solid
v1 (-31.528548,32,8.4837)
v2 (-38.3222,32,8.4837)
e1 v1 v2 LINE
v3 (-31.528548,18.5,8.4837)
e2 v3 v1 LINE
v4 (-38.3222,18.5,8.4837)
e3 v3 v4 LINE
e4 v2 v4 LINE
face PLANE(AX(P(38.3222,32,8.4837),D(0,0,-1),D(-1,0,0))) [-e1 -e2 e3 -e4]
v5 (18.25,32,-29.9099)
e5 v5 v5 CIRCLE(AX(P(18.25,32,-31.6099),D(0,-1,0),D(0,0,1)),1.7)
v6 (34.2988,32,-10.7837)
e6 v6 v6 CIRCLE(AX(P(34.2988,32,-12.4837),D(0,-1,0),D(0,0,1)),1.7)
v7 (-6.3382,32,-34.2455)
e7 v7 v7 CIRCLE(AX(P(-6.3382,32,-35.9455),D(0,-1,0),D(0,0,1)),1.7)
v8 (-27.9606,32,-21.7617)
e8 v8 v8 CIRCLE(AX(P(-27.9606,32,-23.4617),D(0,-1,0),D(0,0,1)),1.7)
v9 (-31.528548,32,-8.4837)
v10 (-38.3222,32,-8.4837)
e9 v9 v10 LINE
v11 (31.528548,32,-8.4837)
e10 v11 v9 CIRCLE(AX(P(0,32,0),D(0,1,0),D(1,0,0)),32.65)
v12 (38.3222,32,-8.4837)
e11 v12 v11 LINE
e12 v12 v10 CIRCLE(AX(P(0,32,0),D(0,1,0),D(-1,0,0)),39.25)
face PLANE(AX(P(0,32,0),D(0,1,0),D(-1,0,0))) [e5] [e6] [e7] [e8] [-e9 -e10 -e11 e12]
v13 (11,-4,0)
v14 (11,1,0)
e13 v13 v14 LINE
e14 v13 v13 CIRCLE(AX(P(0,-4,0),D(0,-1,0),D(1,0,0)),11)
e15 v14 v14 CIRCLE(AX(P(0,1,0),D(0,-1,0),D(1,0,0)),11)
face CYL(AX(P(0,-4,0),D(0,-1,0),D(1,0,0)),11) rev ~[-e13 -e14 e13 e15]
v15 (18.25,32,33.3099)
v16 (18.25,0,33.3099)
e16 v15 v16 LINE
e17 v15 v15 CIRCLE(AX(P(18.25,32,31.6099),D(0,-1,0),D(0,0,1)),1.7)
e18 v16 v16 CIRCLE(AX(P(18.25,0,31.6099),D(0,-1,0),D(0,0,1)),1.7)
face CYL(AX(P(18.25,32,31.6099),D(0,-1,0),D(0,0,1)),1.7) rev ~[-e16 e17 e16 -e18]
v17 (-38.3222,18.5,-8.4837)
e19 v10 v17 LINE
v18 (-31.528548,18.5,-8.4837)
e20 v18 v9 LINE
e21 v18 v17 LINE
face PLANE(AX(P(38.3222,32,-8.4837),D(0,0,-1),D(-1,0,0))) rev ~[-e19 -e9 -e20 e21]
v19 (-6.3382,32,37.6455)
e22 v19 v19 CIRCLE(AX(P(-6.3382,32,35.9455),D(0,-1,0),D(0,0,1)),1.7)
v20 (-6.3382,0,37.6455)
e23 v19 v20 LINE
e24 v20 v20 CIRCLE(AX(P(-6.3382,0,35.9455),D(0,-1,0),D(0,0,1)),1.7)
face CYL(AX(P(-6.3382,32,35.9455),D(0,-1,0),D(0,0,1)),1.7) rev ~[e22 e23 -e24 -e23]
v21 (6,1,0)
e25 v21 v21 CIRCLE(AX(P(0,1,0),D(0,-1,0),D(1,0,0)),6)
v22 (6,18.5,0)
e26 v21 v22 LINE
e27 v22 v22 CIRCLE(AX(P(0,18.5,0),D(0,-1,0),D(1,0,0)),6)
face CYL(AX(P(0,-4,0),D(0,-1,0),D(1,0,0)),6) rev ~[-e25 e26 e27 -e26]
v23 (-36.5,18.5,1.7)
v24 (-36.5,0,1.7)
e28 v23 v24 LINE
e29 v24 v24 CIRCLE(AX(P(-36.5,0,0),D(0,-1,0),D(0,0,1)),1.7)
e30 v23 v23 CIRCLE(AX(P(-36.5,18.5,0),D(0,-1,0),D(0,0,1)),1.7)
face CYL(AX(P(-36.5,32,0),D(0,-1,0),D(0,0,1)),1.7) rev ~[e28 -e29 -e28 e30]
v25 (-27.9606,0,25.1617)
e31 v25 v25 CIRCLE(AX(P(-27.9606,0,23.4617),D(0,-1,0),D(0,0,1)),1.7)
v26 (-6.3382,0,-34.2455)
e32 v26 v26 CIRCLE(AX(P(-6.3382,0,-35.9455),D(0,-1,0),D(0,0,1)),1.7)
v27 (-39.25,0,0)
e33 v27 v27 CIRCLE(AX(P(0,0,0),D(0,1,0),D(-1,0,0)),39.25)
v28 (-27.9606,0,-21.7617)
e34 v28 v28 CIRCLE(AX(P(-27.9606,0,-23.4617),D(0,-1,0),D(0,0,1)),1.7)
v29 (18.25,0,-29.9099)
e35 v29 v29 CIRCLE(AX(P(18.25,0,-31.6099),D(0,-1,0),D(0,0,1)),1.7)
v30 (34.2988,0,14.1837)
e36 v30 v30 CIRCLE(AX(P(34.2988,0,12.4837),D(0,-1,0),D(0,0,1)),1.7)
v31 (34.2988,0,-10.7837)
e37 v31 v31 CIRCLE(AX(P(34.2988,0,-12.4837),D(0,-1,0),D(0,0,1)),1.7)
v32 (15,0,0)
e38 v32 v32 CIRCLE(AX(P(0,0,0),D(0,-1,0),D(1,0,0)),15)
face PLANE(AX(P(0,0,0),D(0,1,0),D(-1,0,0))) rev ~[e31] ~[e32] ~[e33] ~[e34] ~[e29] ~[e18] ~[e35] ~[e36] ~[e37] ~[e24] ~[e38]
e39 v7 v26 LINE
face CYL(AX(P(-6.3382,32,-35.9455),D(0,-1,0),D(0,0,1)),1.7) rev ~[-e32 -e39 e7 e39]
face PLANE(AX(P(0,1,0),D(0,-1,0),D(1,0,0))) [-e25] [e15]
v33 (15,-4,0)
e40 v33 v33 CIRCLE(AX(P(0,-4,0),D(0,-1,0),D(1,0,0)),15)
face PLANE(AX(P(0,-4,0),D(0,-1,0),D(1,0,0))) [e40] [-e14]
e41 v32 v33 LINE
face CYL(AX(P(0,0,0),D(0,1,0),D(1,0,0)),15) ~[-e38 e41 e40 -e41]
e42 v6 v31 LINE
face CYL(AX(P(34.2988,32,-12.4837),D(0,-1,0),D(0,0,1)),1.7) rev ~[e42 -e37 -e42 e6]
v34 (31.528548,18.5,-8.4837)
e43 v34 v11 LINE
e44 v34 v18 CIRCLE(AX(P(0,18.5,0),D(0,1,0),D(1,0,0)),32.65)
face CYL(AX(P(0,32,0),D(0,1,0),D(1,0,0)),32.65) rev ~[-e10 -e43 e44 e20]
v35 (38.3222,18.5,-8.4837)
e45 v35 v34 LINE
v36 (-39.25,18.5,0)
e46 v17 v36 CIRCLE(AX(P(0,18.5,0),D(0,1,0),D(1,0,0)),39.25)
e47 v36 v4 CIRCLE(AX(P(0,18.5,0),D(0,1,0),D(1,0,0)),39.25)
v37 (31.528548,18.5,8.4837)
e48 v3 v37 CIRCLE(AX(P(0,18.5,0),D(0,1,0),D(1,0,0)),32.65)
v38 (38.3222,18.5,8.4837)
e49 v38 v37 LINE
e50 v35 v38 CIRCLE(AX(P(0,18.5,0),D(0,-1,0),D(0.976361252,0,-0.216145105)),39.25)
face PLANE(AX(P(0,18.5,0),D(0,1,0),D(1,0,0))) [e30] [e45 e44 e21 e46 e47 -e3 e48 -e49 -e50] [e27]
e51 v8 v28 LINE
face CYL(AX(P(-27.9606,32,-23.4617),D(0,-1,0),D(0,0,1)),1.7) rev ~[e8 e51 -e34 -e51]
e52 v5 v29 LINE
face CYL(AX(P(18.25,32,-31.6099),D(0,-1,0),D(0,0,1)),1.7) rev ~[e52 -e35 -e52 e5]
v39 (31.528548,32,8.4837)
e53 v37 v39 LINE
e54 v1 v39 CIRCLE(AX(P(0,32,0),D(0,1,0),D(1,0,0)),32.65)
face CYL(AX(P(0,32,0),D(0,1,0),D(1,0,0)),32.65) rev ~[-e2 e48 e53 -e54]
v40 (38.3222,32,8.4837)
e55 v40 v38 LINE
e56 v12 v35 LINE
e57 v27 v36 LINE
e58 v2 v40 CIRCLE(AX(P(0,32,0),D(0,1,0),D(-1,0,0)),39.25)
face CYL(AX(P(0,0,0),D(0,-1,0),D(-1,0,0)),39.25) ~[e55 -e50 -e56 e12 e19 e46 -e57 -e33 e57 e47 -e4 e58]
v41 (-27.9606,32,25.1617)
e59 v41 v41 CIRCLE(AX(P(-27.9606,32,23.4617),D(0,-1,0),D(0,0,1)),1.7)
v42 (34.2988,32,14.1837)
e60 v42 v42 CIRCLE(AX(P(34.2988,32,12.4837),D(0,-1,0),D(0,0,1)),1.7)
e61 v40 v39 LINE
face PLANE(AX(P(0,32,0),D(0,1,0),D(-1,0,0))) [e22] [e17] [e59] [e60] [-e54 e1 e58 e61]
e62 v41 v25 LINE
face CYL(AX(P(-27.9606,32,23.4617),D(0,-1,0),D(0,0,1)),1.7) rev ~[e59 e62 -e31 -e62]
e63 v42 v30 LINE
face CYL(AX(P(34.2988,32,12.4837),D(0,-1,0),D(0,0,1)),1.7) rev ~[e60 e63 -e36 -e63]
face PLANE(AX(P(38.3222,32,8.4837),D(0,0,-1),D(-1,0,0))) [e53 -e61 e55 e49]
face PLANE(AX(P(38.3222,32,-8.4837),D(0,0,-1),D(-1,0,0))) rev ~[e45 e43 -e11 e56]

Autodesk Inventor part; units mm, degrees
ref_plane "YZ Plane" through (0, 0, 0) normal (1, 0, 0) x (0, 1, 0)
ref_plane "XZ Plane" through (0, 0, 0) normal (0, 1, 0) x (-1, 0, 0)
ref_plane "XY Plane" through (0, 0, 0) normal (0, 0, 1) x (1, 0, 0)
sketch "スケッチ1" plane through (0, 0, 0) normal (0, 1, 0) x (-1, 0, 0)
  circle A0 centre (0, 0) radius 39.25
  dimension "d0" = 78.5
extrude "押し出し1" add sketch "スケッチ1" along normal blind 32
sketch "スケッチ2" plane through (0, 32, 0) normal (0, 1, 0) x (1, 0, 0)
  circle A0 centre (0, 0) radius 32.65
  dimension "d3" = 65.3
extrude "押し出し2" cut sketch "スケッチ2" against normal blind 13.5
sketch "スケッチ3" plane through (0, 32, 0) normal (0, 1, 0) x (1, 0, 0)
  circle A0 centre (0, 0) radius 36.5
  point P0 (-36.5, 0)
  point P1 (-27.9606, -23.4617)
  point P2 (-6.3382, -35.9455)
  point P3 (18.25, -31.6099)
  point P4 (34.2988, -12.4837)
  point P5 (34.2988, 12.4837)
  point P6 (18.25, 31.6099)
  point P7 (-6.3382, 35.9455)
  point P8 (-27.9606, 23.4617)
  dimension "d6" = 73
  dimension "d9" = 360
hole "穴1" at (-36.5, 32, 0) at (-27.9606, 32, 23.4617) at (-6.3382, 32, 35.9455) at (18.25, 32, 31.6099) at (34.2988, 32, 12.4837) at (34.2988, 32, -12.4837) at (18.25, 32, -31.6099) at (-6.3382, 32, -35.9455) at (-27.9606, 32, -23.4617) direction (0, -1, 0) diameter 3.4 end through all
sketch "スケッチ4" plane through (0, 32, 0) normal (0, 1, 0) x (1, 0, 0)
  circle A0 centre (0, 0) radius 39.25 projected
  line L0 (38.3222, -8.4837) -> (-38.3222, -8.4837)
  line L1 (0, 0) -> (39.25, 0)
  circle A1 centre (34.2988, -12.4837) radius 1.7 projected
  line L2 (38.3222, 8.4837) -> (-38.3222, 8.4837)
  dimension "d18" = 4
extrude "押し出し3" cut sketch "スケッチ4" against normal blind 13.5 contours A0 L0 L2
sketch "スケッチ5" plane through (0, 18.5, 0) normal (0, 1, 0) x (1, 0, 0)
  circle A0 centre (-36.5, 0) radius 1.7 projected
  circle A1 centre (-36.5, 0) radius 3
  point P0 (0, 0)
  dimension "d21" = 6
extrude "押し出し4" [suppressed]
sketch "スケッチ6" plane through (0, 0, 0) normal (0, -1, 0) x (1, 0, 0)
  circle A0 centre (0, 0) radius 15
  dimension "d24" = 30
extrude "押し出し5" add sketch "スケッチ6" along normal blind 4
sketch "スケッチ7" plane through (0, -4, 0) normal (0, -1, 0) x (1, 0, 0)
  circle A0 centre (0, 0) radius 6
  dimension "d27" = 12
extrude "押し出し6" cut sketch "スケッチ7" against normal blind 40
sketch "スケッチ8" plane through (0, -4, 0) normal (0, -1, 0) x (1, 0, 0)
  circle A0 centre (0, 0) radius 6 projected
  circle A1 centre (0, 0) radius 11
  dimension "d30" = 22
extrude "押し出し7" cut sketch "スケッチ8" against normal blind 5
properties part number "servofixpart_forR2"
